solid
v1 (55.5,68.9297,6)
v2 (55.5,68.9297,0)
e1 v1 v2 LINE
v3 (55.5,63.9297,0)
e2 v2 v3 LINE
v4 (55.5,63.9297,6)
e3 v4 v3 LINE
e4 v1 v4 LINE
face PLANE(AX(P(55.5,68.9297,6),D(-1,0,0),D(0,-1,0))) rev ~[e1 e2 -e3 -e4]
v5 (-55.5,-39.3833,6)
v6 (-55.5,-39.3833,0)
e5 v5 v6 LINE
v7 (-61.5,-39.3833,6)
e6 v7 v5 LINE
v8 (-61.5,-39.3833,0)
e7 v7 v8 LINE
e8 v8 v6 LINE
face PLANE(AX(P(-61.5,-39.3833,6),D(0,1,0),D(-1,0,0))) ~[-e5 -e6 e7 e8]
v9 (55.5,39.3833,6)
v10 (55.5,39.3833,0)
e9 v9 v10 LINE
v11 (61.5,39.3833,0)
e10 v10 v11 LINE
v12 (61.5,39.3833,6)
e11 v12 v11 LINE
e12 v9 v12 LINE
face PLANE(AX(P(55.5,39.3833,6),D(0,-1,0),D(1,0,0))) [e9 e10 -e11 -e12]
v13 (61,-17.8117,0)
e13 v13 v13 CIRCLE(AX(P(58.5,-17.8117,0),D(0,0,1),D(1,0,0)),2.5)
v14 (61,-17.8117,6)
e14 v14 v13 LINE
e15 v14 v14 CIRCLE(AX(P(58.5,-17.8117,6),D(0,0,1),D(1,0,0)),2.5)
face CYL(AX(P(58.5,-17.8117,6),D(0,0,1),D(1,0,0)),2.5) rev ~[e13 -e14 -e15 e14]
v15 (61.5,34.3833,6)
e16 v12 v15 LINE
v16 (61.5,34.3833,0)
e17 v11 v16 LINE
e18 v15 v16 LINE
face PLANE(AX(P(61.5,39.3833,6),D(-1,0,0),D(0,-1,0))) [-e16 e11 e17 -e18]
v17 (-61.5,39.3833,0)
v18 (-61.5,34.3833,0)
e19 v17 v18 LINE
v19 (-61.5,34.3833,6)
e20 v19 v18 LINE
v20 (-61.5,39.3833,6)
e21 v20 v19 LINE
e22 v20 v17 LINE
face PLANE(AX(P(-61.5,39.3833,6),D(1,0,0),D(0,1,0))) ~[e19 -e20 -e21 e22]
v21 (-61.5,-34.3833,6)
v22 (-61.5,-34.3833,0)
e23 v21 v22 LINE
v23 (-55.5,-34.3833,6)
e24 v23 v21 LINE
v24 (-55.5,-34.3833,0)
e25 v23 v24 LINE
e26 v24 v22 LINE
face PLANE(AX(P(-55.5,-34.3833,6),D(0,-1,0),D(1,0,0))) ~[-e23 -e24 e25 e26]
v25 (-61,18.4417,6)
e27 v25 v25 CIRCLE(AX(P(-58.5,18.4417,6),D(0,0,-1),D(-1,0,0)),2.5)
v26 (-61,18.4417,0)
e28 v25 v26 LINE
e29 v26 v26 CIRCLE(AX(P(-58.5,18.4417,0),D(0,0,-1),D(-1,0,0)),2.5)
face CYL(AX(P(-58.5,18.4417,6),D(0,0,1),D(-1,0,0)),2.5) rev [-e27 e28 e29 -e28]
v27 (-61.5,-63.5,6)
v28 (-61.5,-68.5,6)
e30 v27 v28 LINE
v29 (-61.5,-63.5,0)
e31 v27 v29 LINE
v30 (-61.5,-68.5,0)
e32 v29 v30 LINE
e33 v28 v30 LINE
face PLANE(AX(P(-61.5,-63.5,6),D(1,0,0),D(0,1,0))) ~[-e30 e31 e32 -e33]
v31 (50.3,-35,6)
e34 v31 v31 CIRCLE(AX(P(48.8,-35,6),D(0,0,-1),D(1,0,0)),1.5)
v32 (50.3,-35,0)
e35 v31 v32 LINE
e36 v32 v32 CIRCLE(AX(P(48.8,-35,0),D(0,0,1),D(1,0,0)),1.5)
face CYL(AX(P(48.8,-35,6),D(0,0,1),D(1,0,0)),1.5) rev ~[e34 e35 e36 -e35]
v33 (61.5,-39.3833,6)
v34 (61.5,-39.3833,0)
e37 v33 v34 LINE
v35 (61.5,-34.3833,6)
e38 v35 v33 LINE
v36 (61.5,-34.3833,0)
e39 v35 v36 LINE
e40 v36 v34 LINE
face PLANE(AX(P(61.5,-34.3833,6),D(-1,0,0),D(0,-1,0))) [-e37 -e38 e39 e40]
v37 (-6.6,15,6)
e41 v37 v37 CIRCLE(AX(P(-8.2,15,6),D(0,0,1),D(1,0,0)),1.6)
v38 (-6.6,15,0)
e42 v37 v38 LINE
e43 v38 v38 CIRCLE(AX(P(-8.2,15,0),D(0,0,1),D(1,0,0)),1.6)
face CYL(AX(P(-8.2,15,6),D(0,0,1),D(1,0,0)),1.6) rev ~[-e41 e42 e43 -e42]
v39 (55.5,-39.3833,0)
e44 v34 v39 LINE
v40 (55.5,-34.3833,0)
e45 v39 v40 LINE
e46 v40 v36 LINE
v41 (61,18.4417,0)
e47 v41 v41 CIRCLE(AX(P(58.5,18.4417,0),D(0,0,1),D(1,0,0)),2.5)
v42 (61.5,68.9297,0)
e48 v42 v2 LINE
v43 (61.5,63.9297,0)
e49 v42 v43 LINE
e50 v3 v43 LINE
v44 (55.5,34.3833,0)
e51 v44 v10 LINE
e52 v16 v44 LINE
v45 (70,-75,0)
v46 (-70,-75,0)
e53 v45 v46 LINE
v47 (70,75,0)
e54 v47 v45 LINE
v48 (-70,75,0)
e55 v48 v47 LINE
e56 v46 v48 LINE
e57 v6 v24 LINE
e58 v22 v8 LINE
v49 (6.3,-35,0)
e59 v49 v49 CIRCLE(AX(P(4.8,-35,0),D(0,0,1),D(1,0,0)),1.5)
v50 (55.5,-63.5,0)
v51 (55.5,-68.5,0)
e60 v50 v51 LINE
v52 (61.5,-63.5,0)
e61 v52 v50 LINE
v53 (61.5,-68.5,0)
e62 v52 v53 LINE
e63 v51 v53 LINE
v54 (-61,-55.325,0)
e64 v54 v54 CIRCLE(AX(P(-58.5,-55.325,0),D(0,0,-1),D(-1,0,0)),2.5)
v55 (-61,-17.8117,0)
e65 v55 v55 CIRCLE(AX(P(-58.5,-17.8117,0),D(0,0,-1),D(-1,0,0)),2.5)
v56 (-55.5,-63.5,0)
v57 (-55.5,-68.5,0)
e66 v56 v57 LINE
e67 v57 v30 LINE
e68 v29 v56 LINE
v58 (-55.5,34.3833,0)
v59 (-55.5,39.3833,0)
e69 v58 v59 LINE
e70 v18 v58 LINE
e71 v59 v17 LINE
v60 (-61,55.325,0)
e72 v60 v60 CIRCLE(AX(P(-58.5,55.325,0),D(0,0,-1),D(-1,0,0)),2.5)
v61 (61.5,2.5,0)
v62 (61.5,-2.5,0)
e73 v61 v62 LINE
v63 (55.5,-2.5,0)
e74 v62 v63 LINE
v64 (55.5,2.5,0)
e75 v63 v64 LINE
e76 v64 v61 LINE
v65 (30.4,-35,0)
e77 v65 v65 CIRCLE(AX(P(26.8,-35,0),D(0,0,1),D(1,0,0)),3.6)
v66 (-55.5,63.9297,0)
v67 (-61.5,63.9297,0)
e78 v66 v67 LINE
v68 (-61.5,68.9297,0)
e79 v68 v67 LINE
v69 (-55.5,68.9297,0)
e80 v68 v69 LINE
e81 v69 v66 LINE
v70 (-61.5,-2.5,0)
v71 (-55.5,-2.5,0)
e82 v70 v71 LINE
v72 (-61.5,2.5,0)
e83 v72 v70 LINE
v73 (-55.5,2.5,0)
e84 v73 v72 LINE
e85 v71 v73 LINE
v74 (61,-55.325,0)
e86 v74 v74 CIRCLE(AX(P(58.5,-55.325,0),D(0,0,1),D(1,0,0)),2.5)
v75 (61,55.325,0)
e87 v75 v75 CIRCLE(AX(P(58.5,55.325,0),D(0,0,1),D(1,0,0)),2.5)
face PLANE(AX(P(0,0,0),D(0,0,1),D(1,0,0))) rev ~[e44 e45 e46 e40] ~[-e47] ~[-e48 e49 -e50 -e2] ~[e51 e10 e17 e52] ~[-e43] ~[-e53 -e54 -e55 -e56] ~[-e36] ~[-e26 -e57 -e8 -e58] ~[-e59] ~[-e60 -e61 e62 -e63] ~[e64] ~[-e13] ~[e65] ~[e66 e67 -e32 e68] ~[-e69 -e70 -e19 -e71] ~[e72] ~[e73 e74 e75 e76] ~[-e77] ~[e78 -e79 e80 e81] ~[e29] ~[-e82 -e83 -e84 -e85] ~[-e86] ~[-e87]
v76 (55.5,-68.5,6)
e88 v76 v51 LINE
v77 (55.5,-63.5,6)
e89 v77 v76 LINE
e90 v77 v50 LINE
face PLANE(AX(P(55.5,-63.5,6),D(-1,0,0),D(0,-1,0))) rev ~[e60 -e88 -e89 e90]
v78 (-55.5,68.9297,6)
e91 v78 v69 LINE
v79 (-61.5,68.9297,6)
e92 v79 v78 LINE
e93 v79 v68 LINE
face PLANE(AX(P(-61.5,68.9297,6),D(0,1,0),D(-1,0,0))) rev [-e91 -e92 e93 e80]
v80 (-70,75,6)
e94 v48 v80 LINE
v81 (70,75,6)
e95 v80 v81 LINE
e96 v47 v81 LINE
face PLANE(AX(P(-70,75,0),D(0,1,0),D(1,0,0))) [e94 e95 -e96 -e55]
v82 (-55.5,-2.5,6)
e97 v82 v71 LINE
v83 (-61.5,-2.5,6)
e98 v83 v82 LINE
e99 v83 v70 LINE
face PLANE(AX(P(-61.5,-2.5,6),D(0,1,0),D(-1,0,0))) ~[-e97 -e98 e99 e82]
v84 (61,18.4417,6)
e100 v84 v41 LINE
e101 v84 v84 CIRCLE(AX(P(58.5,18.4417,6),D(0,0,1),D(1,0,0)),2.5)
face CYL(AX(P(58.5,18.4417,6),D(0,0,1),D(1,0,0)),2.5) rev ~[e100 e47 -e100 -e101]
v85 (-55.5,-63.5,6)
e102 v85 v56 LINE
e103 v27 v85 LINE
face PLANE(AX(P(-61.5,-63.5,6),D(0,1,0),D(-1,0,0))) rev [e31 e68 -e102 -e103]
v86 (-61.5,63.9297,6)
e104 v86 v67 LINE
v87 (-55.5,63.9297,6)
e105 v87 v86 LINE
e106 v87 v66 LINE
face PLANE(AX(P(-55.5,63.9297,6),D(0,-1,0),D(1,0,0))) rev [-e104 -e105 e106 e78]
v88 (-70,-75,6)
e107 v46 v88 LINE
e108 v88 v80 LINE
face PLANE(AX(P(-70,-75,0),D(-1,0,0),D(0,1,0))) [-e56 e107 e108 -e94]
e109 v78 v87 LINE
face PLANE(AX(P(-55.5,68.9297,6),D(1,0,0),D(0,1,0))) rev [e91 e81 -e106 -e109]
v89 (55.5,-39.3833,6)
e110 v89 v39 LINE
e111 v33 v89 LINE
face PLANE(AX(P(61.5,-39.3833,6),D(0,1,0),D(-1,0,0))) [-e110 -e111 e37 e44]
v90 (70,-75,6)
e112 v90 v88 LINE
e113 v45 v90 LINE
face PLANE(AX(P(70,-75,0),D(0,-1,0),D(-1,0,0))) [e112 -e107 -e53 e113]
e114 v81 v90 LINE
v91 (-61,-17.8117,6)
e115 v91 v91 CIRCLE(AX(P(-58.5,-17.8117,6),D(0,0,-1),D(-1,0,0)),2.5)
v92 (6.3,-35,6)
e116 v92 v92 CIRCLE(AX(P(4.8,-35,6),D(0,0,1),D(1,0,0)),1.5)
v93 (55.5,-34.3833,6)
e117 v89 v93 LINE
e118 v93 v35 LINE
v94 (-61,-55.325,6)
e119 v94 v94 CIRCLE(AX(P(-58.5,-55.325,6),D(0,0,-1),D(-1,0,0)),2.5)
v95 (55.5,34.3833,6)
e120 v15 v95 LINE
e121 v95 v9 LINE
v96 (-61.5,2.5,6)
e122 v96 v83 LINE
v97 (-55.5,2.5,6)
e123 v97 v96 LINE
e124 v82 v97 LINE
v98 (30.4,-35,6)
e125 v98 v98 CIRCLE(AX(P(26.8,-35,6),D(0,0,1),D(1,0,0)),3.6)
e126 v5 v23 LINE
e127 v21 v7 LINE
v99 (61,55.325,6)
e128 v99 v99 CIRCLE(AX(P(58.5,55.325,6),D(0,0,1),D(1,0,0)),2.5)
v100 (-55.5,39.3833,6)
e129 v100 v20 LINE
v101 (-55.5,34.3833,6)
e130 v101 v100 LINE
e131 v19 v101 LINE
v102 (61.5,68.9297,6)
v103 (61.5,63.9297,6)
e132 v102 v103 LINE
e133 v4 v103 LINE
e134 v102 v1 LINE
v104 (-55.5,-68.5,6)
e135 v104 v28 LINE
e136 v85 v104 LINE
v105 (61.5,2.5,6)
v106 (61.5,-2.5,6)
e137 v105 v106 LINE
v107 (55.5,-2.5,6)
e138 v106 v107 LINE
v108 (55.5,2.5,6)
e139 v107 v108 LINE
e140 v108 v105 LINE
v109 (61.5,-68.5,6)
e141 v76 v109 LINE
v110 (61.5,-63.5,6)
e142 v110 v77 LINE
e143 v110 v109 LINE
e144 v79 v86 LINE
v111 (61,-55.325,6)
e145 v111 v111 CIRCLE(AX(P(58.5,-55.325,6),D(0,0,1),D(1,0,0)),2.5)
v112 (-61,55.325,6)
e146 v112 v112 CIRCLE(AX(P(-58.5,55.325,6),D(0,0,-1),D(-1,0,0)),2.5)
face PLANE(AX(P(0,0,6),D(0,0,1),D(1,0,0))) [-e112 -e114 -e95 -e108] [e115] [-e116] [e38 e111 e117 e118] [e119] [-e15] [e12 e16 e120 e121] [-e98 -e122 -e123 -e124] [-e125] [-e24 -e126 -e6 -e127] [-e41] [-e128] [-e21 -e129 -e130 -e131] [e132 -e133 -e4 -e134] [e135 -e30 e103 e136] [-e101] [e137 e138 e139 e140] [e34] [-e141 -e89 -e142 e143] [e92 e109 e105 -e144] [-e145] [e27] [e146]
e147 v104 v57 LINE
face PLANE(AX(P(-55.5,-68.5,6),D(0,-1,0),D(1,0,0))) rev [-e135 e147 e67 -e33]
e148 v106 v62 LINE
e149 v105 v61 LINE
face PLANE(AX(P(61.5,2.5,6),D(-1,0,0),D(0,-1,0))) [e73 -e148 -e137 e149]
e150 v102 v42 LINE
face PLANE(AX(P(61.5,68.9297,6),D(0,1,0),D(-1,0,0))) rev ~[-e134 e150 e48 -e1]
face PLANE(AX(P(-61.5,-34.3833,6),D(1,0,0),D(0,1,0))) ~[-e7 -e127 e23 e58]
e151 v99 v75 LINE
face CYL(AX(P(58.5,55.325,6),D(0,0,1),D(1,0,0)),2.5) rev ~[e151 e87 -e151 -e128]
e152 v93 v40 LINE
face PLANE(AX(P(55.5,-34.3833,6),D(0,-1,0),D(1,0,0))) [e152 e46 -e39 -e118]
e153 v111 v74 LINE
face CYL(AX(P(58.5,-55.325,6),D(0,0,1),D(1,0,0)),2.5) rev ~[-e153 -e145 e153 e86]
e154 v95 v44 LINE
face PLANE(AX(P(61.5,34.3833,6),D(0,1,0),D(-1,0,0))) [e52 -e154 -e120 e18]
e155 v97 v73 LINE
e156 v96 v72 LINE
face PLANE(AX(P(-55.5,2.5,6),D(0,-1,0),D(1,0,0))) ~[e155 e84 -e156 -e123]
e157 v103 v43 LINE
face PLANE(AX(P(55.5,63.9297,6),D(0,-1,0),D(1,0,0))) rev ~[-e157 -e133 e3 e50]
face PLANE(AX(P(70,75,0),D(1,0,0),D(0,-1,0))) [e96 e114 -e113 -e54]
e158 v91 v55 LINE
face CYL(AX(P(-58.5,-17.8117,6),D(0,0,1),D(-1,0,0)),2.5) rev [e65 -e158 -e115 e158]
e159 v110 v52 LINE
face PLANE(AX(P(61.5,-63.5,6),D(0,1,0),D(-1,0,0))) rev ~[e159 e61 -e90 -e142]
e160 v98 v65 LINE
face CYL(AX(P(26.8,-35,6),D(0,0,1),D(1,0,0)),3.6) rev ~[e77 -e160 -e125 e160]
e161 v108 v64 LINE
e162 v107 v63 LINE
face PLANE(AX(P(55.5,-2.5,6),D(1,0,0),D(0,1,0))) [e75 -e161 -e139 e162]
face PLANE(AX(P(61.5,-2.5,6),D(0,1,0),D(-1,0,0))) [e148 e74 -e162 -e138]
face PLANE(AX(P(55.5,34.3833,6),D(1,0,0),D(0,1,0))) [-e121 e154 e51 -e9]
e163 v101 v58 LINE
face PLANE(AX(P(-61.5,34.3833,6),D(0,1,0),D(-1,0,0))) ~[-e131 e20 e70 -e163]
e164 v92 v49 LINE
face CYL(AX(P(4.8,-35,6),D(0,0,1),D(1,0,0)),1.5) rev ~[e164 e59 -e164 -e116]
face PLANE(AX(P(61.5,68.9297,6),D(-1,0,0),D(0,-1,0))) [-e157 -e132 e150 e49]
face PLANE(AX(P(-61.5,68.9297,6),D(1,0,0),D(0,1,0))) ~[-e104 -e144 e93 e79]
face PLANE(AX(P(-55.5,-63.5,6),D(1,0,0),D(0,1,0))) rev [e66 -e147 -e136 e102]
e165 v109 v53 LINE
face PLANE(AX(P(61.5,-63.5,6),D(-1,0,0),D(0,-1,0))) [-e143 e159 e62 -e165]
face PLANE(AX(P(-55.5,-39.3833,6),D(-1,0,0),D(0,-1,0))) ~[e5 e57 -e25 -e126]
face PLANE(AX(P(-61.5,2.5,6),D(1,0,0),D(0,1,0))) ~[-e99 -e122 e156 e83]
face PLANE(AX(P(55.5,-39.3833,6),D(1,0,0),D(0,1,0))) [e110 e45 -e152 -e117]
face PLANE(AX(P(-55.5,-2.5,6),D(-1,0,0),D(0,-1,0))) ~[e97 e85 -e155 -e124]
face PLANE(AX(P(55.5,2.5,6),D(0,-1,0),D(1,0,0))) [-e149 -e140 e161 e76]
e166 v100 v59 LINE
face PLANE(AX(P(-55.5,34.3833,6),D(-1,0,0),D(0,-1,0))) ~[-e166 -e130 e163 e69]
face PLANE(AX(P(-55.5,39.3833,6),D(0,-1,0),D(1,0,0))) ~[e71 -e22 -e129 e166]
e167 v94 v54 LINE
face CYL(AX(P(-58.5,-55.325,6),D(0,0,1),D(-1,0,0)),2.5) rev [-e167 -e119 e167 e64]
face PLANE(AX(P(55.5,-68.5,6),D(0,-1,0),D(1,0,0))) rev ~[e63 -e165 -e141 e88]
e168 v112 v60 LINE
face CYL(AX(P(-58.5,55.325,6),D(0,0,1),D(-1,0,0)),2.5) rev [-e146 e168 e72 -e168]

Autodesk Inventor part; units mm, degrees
ref_plane "YZ Plane" through (0, 0, 0) normal (1, 0, 0) x (0, 1, 0)
ref_plane "XZ Plane" through (0, 0, 0) normal (0, 1, 0) x (-1, 0, 0)
ref_plane "XY Plane" through (0, 0, 0) normal (0, 0, 1) x (1, 0, 0)
sketch "Boceto1" plane through (0, 0, 0) normal (0, 0, 1) x (1, 0, 0)
  line L0 (70, -75) -> (-70, -75)
  line L1 (-70, -75) -> (-70, 75)
  line L2 (-70, 75) -> (70, 75)
  line L3 (70, 75) -> (70, -75)
  line L4 (70, -75) -> (-70, 75) construction
  line L5 (-70, -75) -> (70, 75) construction
  point P0 (0, 0)
  dimension "d0" = 140
  dimension "d1" = 150
extrude "Extrusión1" add sketch "Boceto1" along normal blind 6
sketch "Boceto2" plane through (0, 0, 6) normal (0, 0, 1) x (1, 0, 0)
  line L0 (-70, -75) -> (70, -75) projected
  line L1 (70, -75) -> (70, 75) projected
  line L2 (70, 75) -> (-70, 75) projected
  line L3 (-70, 75) -> (-70, -75) projected
  line L4 (70, 75) -> (70, 68.9297)
  line L5 (70, 63.9297) -> (70, 57)
  line L6 (70, 53.65) -> (70, 39.3833)
  line L7 (70, 34.3833) -> (70, 20.1167)
  line L8 (70, 16.7667) -> (70, 2.5)
  line L9 (70, -2.5) -> (70, -16.7667)
  line L10 (70, -20.1167) -> (70, -34.3833)
  line L11 (70, 75) -> (70, 68.9297)
  line L12 (61.5, 68.9297) -> (61.5, 63.9297)
  line L13 (70, 63.9297) -> (70, 57)
  line L14 (70, 53.65) -> (70, 39.3833)
  line L15 (70, 34.3833) -> (70, 20.1167)
  line L16 (70, 16.7667) -> (70, 2.5)
  line L17 (61.5, 2.5) -> (61.5, -2.5)
  line L18 (70, -2.5) -> (70, -16.7667)
  line L19 (70, -20.1167) -> (70, -34.3833)
  line L20 (61.5, -34.3833) -> (61.5, -39.3833)
  line L21 (61.5, -63.5) -> (61.5, -68.5)
  line L22 (61.5, 68.9297) -> (55.5, 68.9297)
  line L23 (55.5, 68.9297) -> (55.5, 63.9297)
  line L24 (55.5, 63.9297) -> (61.5, 63.9297)
  line L25 (61.5, 63.9297) -> (61.5, 68.9297)
  line L26 (61.5, 34.3833) -> (55.5, 34.3833)
  line L27 (55.5, 34.3833) -> (55.5, 39.3833)
  line L28 (55.5, 39.3833) -> (61.5, 39.3833)
  line L29 (61.5, 39.3833) -> (61.5, 34.3833)
  line L30 (55.5, 2.5) -> (61.5, 2.5)
  line L31 (61.5, 2.5) -> (61.5, -2.5)
  line L32 (61.5, -2.5) -> (55.5, -2.5)
  line L33 (55.5, -2.5) -> (55.5, 2.5)
  line L34 (55.5, -34.3833) -> (61.5, -34.3833)
  line L35 (61.5, -34.3833) -> (61.5, -39.3833)
  line L36 (61.5, -39.3833) -> (55.5, -39.3833)
  line L37 (55.5, -39.3833) -> (55.5, -34.3833)
  line L38 (55.5, -68.5) -> (61.5, -68.5)
  line L39 (61.5, -68.5) -> (61.5, -63.5)
  line L40 (61.5, -63.5) -> (55.5, -63.5)
  line L41 (55.5, -63.5) -> (55.5, -68.5)
  dimension "d7" = 5
  dimension "d8" = 6
  dimension "d9" = 5
  dimension "d12" = 6
  dimension "d16" = 6
  dimension "d35" = 8.5
  dimension "d36" = 6
  dimension "d37" = 8.5
  dimension "d40" = 8.5
  dimension "d45" = 8.5
  dimension "d46" = 8.5
  dimension "d47" = 6
  dimension "d48" = 5
  dimension "d49" = 5
  dimension "d50" = 5
extrude "Extrusión2" cut sketch "Boceto2" against normal blind 6 contours L12 L24 L23 L22 | L17 L32 L33 L30 | L20 L36 L37 L34 | L21 L38 L41 L40 | L26 L27 L28 L29
mirror "Simetría1" about plane through (0, 0, 0) normal (1, 0, 0) of "Extrusión2"
sketch "Boceto4" plane through (0, 0, 6) normal (0, 0, 1) x (1, 0, 0)
  line L0 (70, 75) -> (70, 68.9297)
  line L1 (70, 68.9297) -> (65, 68.9297)
  line L2 (65, 68.9297) -> (65, 63.9297)
  line L3 (65, 63.9297) -> (70, 63.9297)
  line L4 (70, 63.9297) -> (70, 57)
  line L5 (70, 53.65) -> (70, 39.3833)
  line L6 (70, 39.3833) -> (65, 39.3833)
  line L7 (65, 39.3833) -> (65, 34.3833)
  line L8 (65, 34.3833) -> (70, 34.3833)
  line L9 (70, 34.3833) -> (70, 20.1167)
  line L10 (70, 16.7667) -> (70, 2.5)
  line L11 (70, 2.5) -> (65, 2.5)
  line L12 (65, 2.5) -> (65, -2.5)
  line L13 (65, -2.5) -> (70, -2.5)
  line L14 (70, -2.5) -> (70, -16.7667)
  line L15 (70, -20.1167) -> (70, -34.3833)
  line L16 (70, -34.3833) -> (65, -34.3833)
  line L17 (65, -34.3833) -> (65, -39.3833)
  line L18 (65, -39.3833) -> (70, -39.3833)
  line L19 (70, -39.3833) -> (70, -53.65)
  line L20 (70, -57) -> (70, -63.5)
  line L21 (70, 75) -> (70, 68.9297)
  line L22 (70, 68.9297) -> (65, 68.9297)
  line L23 (65, 68.9297) -> (65, 63.9297)
  line L24 (65, 63.9297) -> (70, 63.9297)
  line L25 (70, 63.9297) -> (70, 57)
  line L26 (70, 57) -> (76.2, 57)
  line L27 (76.2, 57) -> (76.2, 58.3)
  line L28 (76.2, 58.3) -> (79, 58.3)
  line L29 (79, 58.3) -> (79, 57)
  line L30 (79, 57) -> (82, 57)
  line L31 (82, 57) -> (82, 53.65)
  line L32 (82, 53.65) -> (79, 53.65)
  line L33 (79, 53.65) -> (79, 52.35)
  line L34 (79, 52.35) -> (76.2, 52.35)
  line L35 (76.2, 52.35) -> (76.2, 53.65)
  line L36 (76.2, 53.65) -> (70, 53.65)
  line L37 (70, 53.65) -> (70, 39.3833)
  line L38 (70, 39.3833) -> (65, 39.3833)
  line L39 (65, 39.3833) -> (65, 34.3833)
  line L40 (65, 34.3833) -> (70, 34.3833)
  line L41 (70, 34.3833) -> (70, 20.1167)
  line L42 (70, 20.1167) -> (76.2, 20.1167)
  line L43 (76.2, 20.1167) -> (76.2, 21.4167)
  line L44 (76.2, 21.4167) -> (79, 21.4167)
  line L45 (79, 21.4167) -> (79, 20.1167)
  line L46 (79, 20.1167) -> (82, 20.1167)
  line L47 (82, 20.1167) -> (82, 16.7667)
  line L48 (82, 16.7667) -> (79, 16.7667)
  line L49 (79, 16.7667) -> (79, 15.4667)
  line L50 (79, 15.4667) -> (76.2, 15.4667)
  line L51 (76.2, 15.4667) -> (76.2, 16.7667)
  line L52 (76.2, 16.7667) -> (70, 16.7667)
  line L53 (70, 16.7667) -> (70, 2.5)
  line L54 (70, 2.5) -> (65, 2.5)
  line L55 (65, 2.5) -> (65, -2.5)
  line L56 (65, -2.5) -> (70, -2.5)
  line L57 (70, -2.5) -> (70, -16.7667)
  line L58 (70, -16.7667) -> (76.2, -16.7667)
  line L59 (76.2, -16.7667) -> (76.2, -15.4667)
  line L60 (76.2, -15.4667) -> (79, -15.4667)
  line L61 (79, -15.4667) -> (79, -16.7667)
  line L62 (79, -16.7667) -> (82, -16.7667)
  line L63 (82, -16.7667) -> (82, -20.1167)
  line L64 (82, -20.1167) -> (79, -20.1167)
  line L65 (79, -20.1167) -> (79, -21.4167)
  line L66 (79, -21.4167) -> (76.2, -21.4167)
  line L67 (76.2, -21.4167) -> (76.2, -20.1167)
  line L68 (76.2, -20.1167) -> (70, -20.1167)
  line L69 (70, -20.1167) -> (70, -34.3833)
  line L70 (70, -34.3833) -> (65, -34.3833)
  line L71 (65, -34.3833) -> (65, -39.3833)
  line L72 (65, -39.3833) -> (70, -39.3833)
  line L73 (70, -39.3833) -> (70, -53.65)
  line L74 (70, -53.65) -> (76.2, -53.65)
  line L75 (76.2, -53.65) -> (76.2, -52.35)
  line L76 (76.2, -52.35) -> (79, -52.35)
  line L77 (79, -52.35) -> (79, -53.65)
  line L78 (79, -53.65) -> (82, -53.65)
  line L79 (82, -53.65) -> (82, -57)
  line L80 (82, -57) -> (79, -57)
  line L81 (79, -57) -> (79, -58.3)
  line L82 (79, -58.3) -> (76.2, -58.3)
  line L83 (76.2, -58.3) -> (76.2, -57)
  line L84 (76.2, -57) -> (70, -57)
  line L85 (70, -57) -> (70, -63.5)
  line L86 (70, -63.5) -> (65, -63.5)
  line L87 (65, -63.5) -> (65, -68.5)
  line L88 (65, -68.5) -> (70, -68.5)
  line L89 (70, -68.5) -> (70, -75)
  line L90 (70, 75) -> (70, -75) projected
  line L91 (-61.5, -63.5) -> (-55.5, -63.5) projected
  line L92 (-55.5, -63.5) -> (-55.5, -68.5) projected
  line L93 (-55.5, -68.5) -> (-61.5, -68.5) projected
  line L94 (-61.5, -68.5) -> (-61.5, -63.5) projected
  line L95 (-61.5, 2.5) -> (-55.5, 2.5) projected
  line L96 (-55.5, 2.5) -> (-55.5, -2.5) projected
  line L97 (-55.5, -2.5) -> (-61.5, -2.5) projected
  line L98 (-61.5, -2.5) -> (-61.5, 2.5) projected
  line L99 (-61.5, 34.3833) -> (-61.5, 39.3833) projected
  line L100 (-61.5, 39.3833) -> (-55.5, 39.3833) projected
  line L101 (-55.5, 39.3833) -> (-55.5, 34.3833) projected
  line L102 (-55.5, 34.3833) -> (-61.5, 34.3833) projected
  line L103 (-61.5, -34.3833) -> (-55.5, -34.3833) projected
  line L104 (-55.5, -34.3833) -> (-55.5, -39.3833) projected
  line L105 (-55.5, -39.3833) -> (-61.5, -39.3833) projected
  line L106 (-61.5, -39.3833) -> (-61.5, -34.3833) projected
  line L107 (-55.5, 68.9297) -> (-55.5, 63.9297) projected
  line L108 (-55.5, 63.9297) -> (-61.5, 63.9297) projected
  line L109 (-61.5, 63.9297) -> (-61.5, 68.9297) projected
  line L110 (-61.5, 68.9297) -> (-55.5, 68.9297) projected
  line L111 (55.5, -63.5) -> (61.5, -63.5) projected
  line L112 (61.5, -63.5) -> (61.5, -68.5) projected
  line L113 (61.5, -68.5) -> (55.5, -68.5) projected
  line L114 (55.5, -68.5) -> (55.5, -63.5) projected
  line L115 (55.5, 2.5) -> (61.5, 2.5) projected
  line L116 (61.5, 2.5) -> (61.5, -2.5) projected
  line L117 (61.5, -2.5) -> (55.5, -2.5) projected
  line L118 (55.5, -2.5) -> (55.5, 2.5) projected
  line L119 (61.5, 39.3833) -> (61.5, 34.3833) projected
  line L120 (61.5, 34.3833) -> (55.5, 34.3833) projected
  line L121 (55.5, 34.3833) -> (55.5, 39.3833) projected
  line L122 (55.5, 39.3833) -> (61.5, 39.3833) projected
  line L123 (55.5, -34.3833) -> (61.5, -34.3833) projected
  line L124 (61.5, -34.3833) -> (61.5, -39.3833) projected
  line L125 (61.5, -39.3833) -> (55.5, -39.3833) projected
  line L126 (55.5, -39.3833) -> (55.5, -34.3833) projected
  line L127 (55.5, 63.9297) -> (55.5, 68.9297) projected
  line L128 (55.5, 68.9297) -> (61.5, 68.9297) projected
  line L129 (61.5, 68.9297) -> (61.5, 63.9297) projected
  line L130 (61.5, 63.9297) -> (55.5, 63.9297) projected
  line L131 (-70, -75) -> (70, -75) projected
  line L132 (70, -75) -> (70, 75) projected
  line L133 (70, 75) -> (-70, 75) projected
  line L134 (-70, 75) -> (-70, -75) projected
  circle A0 centre (58.5, 55.325) radius 2.5
  circle A1 centre (58.5, 18.4417) radius 2.5
  circle A2 centre (58.5, -17.8117) radius 2.5
  circle A3 centre (58.5, -55.325) radius 2.5
  line L135 (55.5, -63.5) -> (61.5, -63.5) projected
  point P0 (58.5, -63.5)
  point P1 (58.5, -63.5)
  point P2 (58.5, -63.5)
  point P3 (58.5, 2.5)
  point P4 (58.5, 39.3833)
  dimension "d28" = 5
  dimension "d29" = 5
  dimension "d30" = 5
  dimension "d31" = 5
extrude "Extrusión4" cut sketch "Boceto4" against normal blind 6 contours A0 | A1 | A2 | A3
mirror "Simetría3" about plane through (0, 0, 0) normal (1, 0, 0) of "Extrusión4"
sketch "Boceto5" plane through (0, 0, 6) normal (0, 0, 1) x (1, 0, 0)
  circle A0 centre (-8.2, 15) radius 1.6
  line L0 (70, 75) -> (-70, 75) projected
  line L1 (-70, 75) -> (-70, -75) projected
  line L2 (-70, -75) -> (-70, 75) projected
  circle A1 centre (26.8, -35) radius 3.6
  point P0 (0, 0)
  dimension "d51" = 60
  dimension "d52" = 3.2
  dimension "d53" = 61.8
  dimension "d63" = 7.2
  dimension "d64" = 35
  dimension "d65" = 50
extrude "Extrusión5" cut sketch "Boceto5" against normal blind 6 contours A0
extrude "Extrusión7" cut sketch "Boceto5" against normal blind 6 contours A1
sketch "Boceto6" plane through (0, 0, 6) normal (0, 0, 1) x (1, 0, 0)
  circle A0 centre (26.8, -35) radius 3.6 projected
  line L0 (4.8, -35) -> (48.8, -35)
  circle A1 centre (4.8, -35) radius 1.5
  circle A2 centre (48.8, -35) radius 1.5
  point P0 (0, 0)
  dimension "d68" = 44
  dimension "d69" = 3
  dimension "d70" = 3
extrude "Extrusión8" cut sketch "Boceto6" against normal blind 6 contours A1 | A2
properties part number "Plano 2" material "Vidrio"
